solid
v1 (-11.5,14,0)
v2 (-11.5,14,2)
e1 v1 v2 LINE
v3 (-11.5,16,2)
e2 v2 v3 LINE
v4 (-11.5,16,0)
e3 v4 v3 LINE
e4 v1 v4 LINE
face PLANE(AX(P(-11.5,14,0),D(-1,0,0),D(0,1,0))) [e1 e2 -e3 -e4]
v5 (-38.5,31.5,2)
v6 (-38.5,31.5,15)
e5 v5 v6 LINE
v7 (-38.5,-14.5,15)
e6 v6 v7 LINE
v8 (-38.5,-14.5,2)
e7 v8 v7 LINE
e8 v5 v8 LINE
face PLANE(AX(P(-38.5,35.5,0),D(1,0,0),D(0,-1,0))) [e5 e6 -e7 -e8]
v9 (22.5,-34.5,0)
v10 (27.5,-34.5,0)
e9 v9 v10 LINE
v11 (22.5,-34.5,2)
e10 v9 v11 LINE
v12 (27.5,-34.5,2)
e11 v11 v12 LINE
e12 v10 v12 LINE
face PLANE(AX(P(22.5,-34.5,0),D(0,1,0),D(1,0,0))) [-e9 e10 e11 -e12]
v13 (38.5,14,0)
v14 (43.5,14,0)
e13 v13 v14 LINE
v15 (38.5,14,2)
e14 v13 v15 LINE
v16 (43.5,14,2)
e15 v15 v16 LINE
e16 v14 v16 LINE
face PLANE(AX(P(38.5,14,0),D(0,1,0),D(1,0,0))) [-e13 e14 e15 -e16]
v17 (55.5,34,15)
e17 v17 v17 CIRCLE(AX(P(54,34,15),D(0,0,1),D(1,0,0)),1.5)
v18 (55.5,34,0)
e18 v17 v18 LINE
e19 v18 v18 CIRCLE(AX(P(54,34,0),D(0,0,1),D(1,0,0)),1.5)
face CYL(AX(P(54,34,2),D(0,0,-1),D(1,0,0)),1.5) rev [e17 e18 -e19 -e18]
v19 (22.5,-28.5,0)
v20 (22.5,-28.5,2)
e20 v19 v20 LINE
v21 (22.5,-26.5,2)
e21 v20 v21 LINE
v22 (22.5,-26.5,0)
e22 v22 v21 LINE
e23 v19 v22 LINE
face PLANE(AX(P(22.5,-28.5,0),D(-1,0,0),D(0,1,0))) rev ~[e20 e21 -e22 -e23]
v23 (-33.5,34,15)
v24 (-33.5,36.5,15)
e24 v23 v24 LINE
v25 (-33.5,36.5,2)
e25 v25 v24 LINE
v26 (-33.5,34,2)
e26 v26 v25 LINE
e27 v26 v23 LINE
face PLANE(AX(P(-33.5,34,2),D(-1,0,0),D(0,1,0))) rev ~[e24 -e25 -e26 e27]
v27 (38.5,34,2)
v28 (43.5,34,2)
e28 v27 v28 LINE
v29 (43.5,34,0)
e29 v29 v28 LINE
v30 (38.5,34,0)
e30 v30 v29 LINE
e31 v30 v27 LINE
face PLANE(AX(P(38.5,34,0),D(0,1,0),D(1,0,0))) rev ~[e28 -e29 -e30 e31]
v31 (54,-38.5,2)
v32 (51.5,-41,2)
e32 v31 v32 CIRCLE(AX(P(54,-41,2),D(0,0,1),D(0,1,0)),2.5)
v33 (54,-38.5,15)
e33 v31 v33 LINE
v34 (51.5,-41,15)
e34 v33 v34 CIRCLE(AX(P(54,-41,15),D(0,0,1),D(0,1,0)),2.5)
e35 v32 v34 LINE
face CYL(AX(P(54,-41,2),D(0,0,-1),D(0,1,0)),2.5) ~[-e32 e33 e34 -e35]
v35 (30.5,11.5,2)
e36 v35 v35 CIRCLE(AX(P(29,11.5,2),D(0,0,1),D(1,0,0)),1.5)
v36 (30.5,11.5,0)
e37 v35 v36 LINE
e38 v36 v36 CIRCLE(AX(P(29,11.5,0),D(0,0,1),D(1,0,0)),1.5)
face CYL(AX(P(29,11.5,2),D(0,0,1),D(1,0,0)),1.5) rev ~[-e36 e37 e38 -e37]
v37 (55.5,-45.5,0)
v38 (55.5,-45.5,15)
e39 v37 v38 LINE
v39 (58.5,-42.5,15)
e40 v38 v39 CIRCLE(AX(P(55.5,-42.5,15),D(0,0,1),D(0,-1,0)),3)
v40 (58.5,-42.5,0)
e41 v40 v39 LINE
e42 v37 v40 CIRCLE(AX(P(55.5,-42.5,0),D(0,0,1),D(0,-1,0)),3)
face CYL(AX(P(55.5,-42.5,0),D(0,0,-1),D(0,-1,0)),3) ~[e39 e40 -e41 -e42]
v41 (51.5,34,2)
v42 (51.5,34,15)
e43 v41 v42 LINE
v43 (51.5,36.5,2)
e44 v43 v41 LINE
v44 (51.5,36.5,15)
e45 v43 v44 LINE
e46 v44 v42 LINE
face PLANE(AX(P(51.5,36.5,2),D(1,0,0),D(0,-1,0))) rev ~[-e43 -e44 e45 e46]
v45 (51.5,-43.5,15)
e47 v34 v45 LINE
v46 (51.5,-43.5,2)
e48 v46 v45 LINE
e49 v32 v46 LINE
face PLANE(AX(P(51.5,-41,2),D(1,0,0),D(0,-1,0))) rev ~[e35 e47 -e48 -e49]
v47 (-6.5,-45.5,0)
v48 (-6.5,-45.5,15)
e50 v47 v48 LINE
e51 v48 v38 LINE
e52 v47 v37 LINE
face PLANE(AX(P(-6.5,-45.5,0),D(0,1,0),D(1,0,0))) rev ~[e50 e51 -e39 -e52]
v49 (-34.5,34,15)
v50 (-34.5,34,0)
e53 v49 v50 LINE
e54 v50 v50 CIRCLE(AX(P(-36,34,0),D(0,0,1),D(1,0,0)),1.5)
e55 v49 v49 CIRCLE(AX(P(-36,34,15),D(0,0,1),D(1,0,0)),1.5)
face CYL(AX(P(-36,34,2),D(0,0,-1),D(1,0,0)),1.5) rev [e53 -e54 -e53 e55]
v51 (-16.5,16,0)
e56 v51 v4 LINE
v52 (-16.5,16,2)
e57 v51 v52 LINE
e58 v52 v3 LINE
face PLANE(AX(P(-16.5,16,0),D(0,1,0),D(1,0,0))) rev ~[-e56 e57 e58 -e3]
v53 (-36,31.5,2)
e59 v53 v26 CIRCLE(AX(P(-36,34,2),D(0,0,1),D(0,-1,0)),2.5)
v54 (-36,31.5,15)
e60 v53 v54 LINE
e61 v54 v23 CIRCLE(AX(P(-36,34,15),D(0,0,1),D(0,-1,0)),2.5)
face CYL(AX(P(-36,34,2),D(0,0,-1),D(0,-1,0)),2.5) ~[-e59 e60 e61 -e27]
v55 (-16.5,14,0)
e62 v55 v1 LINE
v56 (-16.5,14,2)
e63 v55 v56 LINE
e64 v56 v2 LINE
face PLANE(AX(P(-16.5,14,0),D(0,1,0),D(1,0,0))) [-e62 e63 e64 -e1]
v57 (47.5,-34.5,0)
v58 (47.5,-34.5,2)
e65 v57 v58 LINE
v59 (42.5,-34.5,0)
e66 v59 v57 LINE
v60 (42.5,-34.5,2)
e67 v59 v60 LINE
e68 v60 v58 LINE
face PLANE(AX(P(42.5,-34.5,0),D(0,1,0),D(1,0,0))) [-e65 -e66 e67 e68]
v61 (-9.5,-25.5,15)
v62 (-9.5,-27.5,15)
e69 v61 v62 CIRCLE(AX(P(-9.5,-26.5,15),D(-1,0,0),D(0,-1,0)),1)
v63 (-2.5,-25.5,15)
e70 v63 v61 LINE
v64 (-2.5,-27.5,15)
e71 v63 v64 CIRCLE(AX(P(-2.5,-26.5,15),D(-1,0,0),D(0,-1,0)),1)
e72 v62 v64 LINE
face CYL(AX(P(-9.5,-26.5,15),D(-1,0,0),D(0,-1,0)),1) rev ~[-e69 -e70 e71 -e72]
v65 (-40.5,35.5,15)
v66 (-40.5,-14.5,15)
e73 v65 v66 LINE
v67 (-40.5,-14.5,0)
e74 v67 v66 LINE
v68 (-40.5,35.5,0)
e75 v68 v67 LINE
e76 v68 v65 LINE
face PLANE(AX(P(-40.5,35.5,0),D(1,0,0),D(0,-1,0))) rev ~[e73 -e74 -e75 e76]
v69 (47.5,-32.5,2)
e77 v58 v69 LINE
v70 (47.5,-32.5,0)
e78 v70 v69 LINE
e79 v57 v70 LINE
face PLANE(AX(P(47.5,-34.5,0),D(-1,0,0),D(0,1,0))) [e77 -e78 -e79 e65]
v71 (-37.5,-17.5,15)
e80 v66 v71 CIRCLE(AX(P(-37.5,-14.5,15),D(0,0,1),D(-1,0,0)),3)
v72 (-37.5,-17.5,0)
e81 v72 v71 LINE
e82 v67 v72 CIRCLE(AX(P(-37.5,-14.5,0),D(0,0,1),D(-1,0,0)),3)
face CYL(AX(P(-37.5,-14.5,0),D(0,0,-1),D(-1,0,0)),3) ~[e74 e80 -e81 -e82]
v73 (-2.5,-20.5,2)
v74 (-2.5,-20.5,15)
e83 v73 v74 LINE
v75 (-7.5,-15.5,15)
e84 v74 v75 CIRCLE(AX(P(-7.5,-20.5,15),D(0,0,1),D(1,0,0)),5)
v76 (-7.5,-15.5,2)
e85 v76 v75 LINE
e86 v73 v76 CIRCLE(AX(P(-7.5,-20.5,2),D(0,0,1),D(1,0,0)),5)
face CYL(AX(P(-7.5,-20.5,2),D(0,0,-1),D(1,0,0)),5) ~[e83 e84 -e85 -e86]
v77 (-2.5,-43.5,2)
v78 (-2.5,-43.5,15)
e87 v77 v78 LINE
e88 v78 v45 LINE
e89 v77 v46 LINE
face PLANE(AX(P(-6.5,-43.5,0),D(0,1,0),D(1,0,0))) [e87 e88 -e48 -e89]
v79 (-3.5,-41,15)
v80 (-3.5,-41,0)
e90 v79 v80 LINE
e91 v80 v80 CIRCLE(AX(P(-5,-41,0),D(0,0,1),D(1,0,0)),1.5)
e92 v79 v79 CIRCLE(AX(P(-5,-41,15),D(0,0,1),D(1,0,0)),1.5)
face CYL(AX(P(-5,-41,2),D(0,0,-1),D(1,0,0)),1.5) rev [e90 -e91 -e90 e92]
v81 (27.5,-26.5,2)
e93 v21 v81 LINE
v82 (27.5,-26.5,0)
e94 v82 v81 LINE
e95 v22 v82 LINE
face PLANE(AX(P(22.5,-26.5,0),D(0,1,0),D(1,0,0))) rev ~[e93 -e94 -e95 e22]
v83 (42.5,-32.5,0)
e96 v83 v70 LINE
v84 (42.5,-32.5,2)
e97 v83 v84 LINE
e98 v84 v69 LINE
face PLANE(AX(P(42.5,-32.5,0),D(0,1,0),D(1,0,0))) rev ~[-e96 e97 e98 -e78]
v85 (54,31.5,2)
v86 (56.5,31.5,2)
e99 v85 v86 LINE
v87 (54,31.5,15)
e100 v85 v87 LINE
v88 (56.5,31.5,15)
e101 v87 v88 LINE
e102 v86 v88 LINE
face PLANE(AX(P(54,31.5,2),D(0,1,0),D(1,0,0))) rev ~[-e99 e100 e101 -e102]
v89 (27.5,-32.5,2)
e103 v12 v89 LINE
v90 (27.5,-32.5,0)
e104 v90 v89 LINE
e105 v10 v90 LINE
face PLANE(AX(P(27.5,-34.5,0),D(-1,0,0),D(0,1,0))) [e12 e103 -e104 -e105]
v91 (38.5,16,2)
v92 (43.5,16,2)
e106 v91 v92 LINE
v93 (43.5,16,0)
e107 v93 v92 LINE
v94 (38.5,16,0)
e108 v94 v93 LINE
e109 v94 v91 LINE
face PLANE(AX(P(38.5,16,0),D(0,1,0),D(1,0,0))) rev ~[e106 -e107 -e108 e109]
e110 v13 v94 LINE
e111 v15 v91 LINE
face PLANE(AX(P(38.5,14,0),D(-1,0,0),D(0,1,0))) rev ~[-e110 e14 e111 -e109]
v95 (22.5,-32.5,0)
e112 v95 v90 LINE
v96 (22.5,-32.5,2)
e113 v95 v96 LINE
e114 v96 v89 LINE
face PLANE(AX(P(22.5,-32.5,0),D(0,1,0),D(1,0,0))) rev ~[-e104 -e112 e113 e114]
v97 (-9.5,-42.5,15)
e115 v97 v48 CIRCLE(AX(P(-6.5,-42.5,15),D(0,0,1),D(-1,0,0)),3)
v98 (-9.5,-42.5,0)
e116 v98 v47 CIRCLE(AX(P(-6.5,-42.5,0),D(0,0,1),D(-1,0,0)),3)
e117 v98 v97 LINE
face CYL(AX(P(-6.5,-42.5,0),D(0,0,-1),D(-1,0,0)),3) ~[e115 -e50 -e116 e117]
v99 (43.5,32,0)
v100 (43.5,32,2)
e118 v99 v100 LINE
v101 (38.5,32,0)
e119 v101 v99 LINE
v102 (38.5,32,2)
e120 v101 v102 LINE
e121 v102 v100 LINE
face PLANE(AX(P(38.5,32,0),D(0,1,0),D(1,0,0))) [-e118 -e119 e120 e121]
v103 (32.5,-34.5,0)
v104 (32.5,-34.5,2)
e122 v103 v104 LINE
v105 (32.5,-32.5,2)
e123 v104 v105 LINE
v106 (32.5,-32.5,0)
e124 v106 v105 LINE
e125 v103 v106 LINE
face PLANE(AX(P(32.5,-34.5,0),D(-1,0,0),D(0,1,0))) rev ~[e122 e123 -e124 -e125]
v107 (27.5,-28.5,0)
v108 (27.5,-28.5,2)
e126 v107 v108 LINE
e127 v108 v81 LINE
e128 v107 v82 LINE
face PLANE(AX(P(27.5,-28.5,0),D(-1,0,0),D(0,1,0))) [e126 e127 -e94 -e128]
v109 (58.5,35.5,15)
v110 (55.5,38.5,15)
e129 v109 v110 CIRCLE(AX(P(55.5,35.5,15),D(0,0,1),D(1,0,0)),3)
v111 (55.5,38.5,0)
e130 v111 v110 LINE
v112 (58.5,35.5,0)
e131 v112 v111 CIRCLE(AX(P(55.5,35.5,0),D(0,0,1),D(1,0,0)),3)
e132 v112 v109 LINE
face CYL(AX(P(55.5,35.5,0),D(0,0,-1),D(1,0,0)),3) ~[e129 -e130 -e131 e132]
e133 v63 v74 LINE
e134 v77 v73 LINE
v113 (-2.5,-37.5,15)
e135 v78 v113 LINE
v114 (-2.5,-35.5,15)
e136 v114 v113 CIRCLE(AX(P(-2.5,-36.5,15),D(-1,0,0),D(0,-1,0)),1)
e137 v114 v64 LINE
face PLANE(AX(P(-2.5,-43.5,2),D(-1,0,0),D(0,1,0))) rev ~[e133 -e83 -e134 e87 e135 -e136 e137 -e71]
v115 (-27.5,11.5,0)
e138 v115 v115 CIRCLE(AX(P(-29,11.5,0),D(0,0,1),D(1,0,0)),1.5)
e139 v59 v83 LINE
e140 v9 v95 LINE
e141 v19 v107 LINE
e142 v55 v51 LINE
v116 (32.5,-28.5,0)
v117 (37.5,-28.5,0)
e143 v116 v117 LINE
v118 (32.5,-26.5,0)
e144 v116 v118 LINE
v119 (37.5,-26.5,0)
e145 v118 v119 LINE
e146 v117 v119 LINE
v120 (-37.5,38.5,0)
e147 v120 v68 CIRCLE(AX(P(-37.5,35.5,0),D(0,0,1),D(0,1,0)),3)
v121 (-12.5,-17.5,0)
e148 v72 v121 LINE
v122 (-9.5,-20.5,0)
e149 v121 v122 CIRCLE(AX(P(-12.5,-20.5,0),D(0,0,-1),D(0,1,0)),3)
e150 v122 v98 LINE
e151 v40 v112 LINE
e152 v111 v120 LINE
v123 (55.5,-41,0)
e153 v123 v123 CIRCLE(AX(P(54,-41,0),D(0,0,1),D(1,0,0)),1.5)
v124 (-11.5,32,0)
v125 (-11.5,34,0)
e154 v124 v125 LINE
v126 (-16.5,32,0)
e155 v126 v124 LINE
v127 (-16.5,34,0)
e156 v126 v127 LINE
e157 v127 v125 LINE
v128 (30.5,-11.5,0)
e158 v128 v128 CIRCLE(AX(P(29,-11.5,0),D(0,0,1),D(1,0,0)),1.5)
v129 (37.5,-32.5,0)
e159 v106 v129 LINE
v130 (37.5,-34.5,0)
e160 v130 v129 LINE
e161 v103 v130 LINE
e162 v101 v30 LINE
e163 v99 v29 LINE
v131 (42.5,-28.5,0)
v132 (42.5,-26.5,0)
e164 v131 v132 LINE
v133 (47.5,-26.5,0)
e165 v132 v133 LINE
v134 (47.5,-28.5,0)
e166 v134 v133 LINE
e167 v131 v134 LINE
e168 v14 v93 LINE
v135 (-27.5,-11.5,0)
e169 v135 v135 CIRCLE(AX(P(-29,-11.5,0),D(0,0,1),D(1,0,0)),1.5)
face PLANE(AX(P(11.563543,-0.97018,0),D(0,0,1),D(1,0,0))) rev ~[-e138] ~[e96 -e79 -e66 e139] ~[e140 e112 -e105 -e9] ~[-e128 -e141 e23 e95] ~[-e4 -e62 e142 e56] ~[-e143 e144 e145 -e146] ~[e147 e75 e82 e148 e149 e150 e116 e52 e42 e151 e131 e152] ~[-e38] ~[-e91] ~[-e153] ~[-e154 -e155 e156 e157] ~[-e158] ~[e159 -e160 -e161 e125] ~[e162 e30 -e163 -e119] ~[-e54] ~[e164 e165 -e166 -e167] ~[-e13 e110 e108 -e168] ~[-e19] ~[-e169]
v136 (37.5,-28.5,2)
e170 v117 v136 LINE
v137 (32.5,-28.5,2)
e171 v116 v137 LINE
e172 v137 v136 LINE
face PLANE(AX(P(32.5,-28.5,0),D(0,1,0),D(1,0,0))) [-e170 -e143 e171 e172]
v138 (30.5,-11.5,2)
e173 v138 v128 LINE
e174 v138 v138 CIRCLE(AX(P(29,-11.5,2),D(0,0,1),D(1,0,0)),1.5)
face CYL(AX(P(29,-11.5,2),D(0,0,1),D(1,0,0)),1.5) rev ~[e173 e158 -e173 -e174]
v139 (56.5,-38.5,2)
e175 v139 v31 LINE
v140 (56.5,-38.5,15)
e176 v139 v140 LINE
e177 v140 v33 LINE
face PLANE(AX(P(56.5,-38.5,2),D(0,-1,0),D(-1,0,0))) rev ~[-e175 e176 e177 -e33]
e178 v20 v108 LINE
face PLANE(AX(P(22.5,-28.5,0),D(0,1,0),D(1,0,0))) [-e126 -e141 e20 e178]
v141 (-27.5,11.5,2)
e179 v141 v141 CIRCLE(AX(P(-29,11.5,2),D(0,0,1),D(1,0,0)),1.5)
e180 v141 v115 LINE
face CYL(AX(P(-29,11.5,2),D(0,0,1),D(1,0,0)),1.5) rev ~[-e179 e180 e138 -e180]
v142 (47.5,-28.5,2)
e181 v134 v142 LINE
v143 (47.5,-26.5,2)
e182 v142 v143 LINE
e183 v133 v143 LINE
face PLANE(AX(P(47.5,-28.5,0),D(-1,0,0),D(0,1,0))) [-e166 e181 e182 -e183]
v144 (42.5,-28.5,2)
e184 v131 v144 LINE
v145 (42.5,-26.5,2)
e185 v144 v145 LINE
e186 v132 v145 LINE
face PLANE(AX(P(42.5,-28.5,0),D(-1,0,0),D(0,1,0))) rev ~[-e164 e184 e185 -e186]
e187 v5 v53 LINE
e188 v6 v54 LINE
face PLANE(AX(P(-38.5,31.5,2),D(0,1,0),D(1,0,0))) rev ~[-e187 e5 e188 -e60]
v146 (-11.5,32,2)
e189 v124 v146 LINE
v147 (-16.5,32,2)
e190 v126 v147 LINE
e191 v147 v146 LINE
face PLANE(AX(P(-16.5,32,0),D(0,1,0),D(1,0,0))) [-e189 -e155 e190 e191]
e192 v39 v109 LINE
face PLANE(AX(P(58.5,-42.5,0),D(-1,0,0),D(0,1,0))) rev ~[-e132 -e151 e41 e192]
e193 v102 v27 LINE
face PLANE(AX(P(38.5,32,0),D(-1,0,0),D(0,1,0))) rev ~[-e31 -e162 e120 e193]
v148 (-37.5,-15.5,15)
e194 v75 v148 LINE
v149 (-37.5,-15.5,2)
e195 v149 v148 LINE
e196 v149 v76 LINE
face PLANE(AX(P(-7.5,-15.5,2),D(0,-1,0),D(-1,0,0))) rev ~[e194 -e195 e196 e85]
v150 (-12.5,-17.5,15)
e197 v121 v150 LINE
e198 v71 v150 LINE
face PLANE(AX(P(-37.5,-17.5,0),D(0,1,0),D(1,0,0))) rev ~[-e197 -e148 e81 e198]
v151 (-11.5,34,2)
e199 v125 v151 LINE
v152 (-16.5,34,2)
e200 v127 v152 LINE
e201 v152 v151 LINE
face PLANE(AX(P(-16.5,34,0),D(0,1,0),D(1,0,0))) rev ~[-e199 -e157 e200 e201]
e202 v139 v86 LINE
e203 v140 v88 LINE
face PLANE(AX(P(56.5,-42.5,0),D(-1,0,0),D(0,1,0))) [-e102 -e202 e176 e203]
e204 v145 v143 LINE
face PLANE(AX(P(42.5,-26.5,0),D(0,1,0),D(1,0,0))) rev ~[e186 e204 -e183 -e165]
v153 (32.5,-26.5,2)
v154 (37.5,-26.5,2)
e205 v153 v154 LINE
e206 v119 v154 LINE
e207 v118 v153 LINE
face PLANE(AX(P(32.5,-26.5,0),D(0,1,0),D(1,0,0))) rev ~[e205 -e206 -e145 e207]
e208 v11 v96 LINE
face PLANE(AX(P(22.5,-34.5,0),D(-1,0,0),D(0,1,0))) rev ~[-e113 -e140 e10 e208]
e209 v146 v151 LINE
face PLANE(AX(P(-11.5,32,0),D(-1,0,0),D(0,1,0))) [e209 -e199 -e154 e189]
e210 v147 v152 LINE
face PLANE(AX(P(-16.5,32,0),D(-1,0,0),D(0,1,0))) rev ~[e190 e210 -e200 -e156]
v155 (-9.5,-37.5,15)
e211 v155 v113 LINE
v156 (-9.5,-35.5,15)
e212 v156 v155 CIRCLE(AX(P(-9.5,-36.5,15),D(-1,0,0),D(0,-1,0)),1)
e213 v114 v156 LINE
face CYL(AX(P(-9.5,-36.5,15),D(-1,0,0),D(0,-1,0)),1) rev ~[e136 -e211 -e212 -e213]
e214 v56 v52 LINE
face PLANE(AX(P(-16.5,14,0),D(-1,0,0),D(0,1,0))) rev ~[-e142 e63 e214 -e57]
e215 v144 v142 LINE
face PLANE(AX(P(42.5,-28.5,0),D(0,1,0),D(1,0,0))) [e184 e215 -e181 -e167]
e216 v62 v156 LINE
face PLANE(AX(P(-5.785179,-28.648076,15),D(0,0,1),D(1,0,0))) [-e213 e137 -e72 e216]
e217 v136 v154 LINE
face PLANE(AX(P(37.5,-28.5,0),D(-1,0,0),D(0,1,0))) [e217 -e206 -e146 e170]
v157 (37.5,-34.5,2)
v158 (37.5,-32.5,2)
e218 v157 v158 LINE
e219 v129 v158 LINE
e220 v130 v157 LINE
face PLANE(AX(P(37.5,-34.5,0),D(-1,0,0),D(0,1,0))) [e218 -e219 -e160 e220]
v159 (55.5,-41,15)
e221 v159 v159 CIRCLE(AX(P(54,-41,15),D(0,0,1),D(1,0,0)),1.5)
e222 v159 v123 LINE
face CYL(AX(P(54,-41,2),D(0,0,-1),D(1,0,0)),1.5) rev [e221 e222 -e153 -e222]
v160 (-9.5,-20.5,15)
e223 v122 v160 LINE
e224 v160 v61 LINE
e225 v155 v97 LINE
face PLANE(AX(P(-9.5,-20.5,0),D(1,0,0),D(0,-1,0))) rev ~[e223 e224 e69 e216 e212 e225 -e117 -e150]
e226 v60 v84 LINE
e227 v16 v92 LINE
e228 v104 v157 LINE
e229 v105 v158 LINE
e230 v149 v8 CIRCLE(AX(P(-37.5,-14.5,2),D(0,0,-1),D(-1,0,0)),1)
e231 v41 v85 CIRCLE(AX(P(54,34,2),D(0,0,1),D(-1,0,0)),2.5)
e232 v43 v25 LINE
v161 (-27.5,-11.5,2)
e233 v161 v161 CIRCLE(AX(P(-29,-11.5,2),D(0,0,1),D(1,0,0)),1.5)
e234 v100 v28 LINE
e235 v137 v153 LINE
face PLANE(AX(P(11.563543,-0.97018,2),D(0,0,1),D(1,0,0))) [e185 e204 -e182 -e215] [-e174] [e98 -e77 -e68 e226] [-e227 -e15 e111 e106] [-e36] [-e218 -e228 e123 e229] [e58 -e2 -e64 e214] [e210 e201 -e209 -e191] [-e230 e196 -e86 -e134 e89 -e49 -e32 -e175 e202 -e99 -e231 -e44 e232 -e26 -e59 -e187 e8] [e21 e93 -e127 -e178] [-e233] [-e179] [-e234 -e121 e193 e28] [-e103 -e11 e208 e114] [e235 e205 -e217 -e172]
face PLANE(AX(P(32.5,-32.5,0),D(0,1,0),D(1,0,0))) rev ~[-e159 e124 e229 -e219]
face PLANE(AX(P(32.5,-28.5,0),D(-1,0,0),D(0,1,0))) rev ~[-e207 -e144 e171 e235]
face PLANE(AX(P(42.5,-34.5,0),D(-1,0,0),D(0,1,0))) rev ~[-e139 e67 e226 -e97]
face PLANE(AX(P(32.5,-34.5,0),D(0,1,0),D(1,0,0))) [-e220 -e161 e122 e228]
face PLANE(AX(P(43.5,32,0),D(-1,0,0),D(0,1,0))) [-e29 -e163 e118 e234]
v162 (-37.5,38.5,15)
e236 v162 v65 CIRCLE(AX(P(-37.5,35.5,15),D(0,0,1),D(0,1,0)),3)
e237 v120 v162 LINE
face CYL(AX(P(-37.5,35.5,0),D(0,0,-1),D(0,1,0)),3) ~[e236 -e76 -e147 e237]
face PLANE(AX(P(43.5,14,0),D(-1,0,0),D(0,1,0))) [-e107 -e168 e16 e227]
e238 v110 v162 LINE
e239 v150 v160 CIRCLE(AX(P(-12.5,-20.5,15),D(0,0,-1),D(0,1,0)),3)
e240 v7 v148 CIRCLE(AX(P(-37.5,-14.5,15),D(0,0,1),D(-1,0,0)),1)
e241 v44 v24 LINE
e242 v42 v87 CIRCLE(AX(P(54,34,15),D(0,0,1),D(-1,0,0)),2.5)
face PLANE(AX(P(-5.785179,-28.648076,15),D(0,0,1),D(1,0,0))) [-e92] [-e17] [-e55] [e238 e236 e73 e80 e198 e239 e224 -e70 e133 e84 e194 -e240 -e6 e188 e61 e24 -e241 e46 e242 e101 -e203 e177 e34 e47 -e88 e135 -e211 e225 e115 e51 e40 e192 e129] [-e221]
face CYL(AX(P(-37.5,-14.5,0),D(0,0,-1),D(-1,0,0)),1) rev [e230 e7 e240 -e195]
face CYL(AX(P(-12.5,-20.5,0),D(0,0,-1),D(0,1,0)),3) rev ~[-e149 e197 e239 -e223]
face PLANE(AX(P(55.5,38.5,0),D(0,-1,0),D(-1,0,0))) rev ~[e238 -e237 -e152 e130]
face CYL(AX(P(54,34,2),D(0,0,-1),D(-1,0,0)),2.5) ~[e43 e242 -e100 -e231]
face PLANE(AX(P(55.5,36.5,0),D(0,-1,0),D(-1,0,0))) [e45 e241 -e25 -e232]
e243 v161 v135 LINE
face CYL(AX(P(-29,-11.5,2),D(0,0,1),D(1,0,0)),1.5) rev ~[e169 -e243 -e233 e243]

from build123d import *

# Parameters (mm, degrees)
F1_DEPTH  = 15
F2_T      = -2
F3_R      = 1.5
F4_DEPTH  = 2
F5_R      = 1.5
F6_DEPTH  = 13
F7_W      = 5
F7_H      = 2
F8_DEPTH  = 2
F9_R      = 1.5
F10_DEPTH = 2
F11_R     = 1
F12_DEPTH = 7


with BuildPart() as f1:
    # F0 (on Top) → F1 (new body)
    with BuildSketch(Plane.XY):
        with BuildLine():
            Line((-40.5, 35.5), (-40.5, 14.5))
            Line((-40.5, 14.5), (-40.5, -14.5))
            ThreePointArc((-40.5, -14.5), (-39.6213203436, -16.6213203436), (-37.5, -17.5))
            Line((-37.5, -17.5), (-12.5, -17.5))
            ThreePointArc((-12.5, -17.5), (-10.3786796564, -18.3786796564), (-9.5, -20.5))
            Line((-9.5, -20.5), (-9.5, -42.5))
            ThreePointArc((-9.5, -42.5), (-8.6213203436, -44.6213203436), (-6.5, -45.5))
            Line((-6.5, -45.5), (55.5, -45.5))
            ThreePointArc((55.5, -45.5), (57.6213203436, -44.6213203436), (58.5, -42.5))
            Line((58.5, -42.5), (58.5, 35.5))
            ThreePointArc((58.5, 35.5), (57.6213203436, 37.6213203436), (55.5, 38.5))
            Line((55.5, 38.5), (-37.5, 38.5))
            ThreePointArc((-37.5, 38.5), (-39.6213203436, 37.6213203436), (-40.5, 35.5))
        make_face()
    extrude(amount=F1_DEPTH)

    # F2
    f2_openings = [f1.faces().sort_by_distance(p)[0] for p in [
        (12.966173, -0.233802, 15),
    ]]
    offset(amount=F2_T, openings=f2_openings)

    # F3 (on face) → F4 (cut, through all)
    with BuildSketch(Plane.XY.offset(2)):
        with Locations((-29, 11.5)):
            Circle(F3_R)
        with Locations((29, 11.5)):
            Circle(F3_R)
        with Locations((-29, -11.5)):
            Circle(F3_R)
        with Locations((29, -11.5)):
            Circle(F3_R)
    extrude(amount=-F4_DEPTH, mode=Mode.SUBTRACT)

    # F5 (on face) → F6 (join, through all)
    with BuildSketch(Plane.XY.offset(2)):
        with BuildLine():
            Line((-2.5, -43.5), (-2.5, -41))
            Line((-2.5, -41), (-2.5, -20.5))
            ThreePointArc((-2.5, -20.5), (-3.9644660941, -16.9644660941), (-7.5, -15.5))
            Line((-7.5, -15.5), (-12.5, -15.5))
            Line((-12.5, -15.5), (-7.5, -20.5))
            Line((-7.5, -20.5), (-7.5, -38.5))
            Line((-7.5, -38.5), (-7.5, -43.5))
            Line((-7.5, -43.5), (-2.5, -43.5))
        make_face()
        with Locations((-5, -41)):
            Circle(F5_R, mode=Mode.SUBTRACT)
        with BuildLine():
            ThreePointArc((54, -38.5), (52.232233047, -39.232233047), (51.5, -41))
            Line((51.5, -41), (51.5, -43.5))
            Line((51.5, -43.5), (56.5, -43.5))
            Line((56.5, -43.5), (56.5, -38.5))
            Line((56.5, -38.5), (54, -38.5))
        make_face()
        with Locations((54, -41)):
            Circle(F5_R, mode=Mode.SUBTRACT)
        with BuildLine():
            ThreePointArc((51.5, 34), (52.232233047, 32.232233047), (54, 31.5))
            Line((54, 31.5), (56.5, 31.5))
            Line((56.5, 31.5), (56.5, 36.5))
            Line((56.5, 36.5), (51.5, 36.5))
            Line((51.5, 36.5), (51.5, 34))
        make_face()
        with Locations((54, 34)):
            Circle(F5_R, mode=Mode.SUBTRACT)
        with BuildLine():
            Line((-38.5, 31.5), (-36, 31.5))
            ThreePointArc((-36, 31.5), (-34.232233047, 32.232233047), (-33.5, 34))
            Line((-33.5, 34), (-33.5, 36.5))
            Line((-33.5, 36.5), (-38.5, 36.5))
            Line((-38.5, 36.5), (-38.5, 31.5))
        make_face()
        with Locations((-36, 34)):
            Circle(F5_R, mode=Mode.SUBTRACT)
    extrude(amount=F6_DEPTH)

    # F7 (on Top) → F8 (cut, through all)
    with BuildSketch(Plane.XY):
        with Locations((-14, 33)):
            Rectangle(F7_W, F7_H)
        with Locations((41, 33)):
            Rectangle(F7_W, F7_H)
        with Locations((41, 15)):
            Rectangle(F7_W, F7_H)
        with Locations((-14, 15)):
            Rectangle(F7_W, F7_H)
        with Locations((25, -27.5)):
            Rectangle(F7_W, F7_H)
        with Locations((25, -33.5)):
            Rectangle(F7_W, F7_H)
        with Locations((35, -27.5)):
            Rectangle(F7_W, F7_H)
        with Locations((35, -33.5)):
            Rectangle(F7_W, F7_H)
        with Locations((45, -27.5)):
            Rectangle(F7_W, F7_H)
        with Locations((45, -33.5)):
            Rectangle(F7_W, F7_H)
    extrude(amount=F8_DEPTH, mode=Mode.SUBTRACT)

    # F9 (on face) → F10 (cut, through all)
    with BuildSketch(Plane.XY.offset(2)):
        with Locations((54, 34)):
            Circle(F9_R)
        with Locations((-36, 34)):
            Circle(F9_R)
        with Locations((-5, -41)):
            Circle(F9_R)
        with Locations((54, -41)):
            Circle(F9_R)
    extrude(amount=-F10_DEPTH, mode=Mode.SUBTRACT)

    # F11 (on face) → F12 (cut, through all)
    with BuildSketch(Plane(origin=(-9.5, 0, 0), x_dir=(0, -1, 0), z_dir=(-1, 0, 0))):
        with Locations((26.5, 15)):
            Circle(F11_R)
        with Locations((36.5, 15)):
            Circle(F11_R)
    extrude(amount=-F12_DEPTH, mode=Mode.SUBTRACT)


solid = f1.part
